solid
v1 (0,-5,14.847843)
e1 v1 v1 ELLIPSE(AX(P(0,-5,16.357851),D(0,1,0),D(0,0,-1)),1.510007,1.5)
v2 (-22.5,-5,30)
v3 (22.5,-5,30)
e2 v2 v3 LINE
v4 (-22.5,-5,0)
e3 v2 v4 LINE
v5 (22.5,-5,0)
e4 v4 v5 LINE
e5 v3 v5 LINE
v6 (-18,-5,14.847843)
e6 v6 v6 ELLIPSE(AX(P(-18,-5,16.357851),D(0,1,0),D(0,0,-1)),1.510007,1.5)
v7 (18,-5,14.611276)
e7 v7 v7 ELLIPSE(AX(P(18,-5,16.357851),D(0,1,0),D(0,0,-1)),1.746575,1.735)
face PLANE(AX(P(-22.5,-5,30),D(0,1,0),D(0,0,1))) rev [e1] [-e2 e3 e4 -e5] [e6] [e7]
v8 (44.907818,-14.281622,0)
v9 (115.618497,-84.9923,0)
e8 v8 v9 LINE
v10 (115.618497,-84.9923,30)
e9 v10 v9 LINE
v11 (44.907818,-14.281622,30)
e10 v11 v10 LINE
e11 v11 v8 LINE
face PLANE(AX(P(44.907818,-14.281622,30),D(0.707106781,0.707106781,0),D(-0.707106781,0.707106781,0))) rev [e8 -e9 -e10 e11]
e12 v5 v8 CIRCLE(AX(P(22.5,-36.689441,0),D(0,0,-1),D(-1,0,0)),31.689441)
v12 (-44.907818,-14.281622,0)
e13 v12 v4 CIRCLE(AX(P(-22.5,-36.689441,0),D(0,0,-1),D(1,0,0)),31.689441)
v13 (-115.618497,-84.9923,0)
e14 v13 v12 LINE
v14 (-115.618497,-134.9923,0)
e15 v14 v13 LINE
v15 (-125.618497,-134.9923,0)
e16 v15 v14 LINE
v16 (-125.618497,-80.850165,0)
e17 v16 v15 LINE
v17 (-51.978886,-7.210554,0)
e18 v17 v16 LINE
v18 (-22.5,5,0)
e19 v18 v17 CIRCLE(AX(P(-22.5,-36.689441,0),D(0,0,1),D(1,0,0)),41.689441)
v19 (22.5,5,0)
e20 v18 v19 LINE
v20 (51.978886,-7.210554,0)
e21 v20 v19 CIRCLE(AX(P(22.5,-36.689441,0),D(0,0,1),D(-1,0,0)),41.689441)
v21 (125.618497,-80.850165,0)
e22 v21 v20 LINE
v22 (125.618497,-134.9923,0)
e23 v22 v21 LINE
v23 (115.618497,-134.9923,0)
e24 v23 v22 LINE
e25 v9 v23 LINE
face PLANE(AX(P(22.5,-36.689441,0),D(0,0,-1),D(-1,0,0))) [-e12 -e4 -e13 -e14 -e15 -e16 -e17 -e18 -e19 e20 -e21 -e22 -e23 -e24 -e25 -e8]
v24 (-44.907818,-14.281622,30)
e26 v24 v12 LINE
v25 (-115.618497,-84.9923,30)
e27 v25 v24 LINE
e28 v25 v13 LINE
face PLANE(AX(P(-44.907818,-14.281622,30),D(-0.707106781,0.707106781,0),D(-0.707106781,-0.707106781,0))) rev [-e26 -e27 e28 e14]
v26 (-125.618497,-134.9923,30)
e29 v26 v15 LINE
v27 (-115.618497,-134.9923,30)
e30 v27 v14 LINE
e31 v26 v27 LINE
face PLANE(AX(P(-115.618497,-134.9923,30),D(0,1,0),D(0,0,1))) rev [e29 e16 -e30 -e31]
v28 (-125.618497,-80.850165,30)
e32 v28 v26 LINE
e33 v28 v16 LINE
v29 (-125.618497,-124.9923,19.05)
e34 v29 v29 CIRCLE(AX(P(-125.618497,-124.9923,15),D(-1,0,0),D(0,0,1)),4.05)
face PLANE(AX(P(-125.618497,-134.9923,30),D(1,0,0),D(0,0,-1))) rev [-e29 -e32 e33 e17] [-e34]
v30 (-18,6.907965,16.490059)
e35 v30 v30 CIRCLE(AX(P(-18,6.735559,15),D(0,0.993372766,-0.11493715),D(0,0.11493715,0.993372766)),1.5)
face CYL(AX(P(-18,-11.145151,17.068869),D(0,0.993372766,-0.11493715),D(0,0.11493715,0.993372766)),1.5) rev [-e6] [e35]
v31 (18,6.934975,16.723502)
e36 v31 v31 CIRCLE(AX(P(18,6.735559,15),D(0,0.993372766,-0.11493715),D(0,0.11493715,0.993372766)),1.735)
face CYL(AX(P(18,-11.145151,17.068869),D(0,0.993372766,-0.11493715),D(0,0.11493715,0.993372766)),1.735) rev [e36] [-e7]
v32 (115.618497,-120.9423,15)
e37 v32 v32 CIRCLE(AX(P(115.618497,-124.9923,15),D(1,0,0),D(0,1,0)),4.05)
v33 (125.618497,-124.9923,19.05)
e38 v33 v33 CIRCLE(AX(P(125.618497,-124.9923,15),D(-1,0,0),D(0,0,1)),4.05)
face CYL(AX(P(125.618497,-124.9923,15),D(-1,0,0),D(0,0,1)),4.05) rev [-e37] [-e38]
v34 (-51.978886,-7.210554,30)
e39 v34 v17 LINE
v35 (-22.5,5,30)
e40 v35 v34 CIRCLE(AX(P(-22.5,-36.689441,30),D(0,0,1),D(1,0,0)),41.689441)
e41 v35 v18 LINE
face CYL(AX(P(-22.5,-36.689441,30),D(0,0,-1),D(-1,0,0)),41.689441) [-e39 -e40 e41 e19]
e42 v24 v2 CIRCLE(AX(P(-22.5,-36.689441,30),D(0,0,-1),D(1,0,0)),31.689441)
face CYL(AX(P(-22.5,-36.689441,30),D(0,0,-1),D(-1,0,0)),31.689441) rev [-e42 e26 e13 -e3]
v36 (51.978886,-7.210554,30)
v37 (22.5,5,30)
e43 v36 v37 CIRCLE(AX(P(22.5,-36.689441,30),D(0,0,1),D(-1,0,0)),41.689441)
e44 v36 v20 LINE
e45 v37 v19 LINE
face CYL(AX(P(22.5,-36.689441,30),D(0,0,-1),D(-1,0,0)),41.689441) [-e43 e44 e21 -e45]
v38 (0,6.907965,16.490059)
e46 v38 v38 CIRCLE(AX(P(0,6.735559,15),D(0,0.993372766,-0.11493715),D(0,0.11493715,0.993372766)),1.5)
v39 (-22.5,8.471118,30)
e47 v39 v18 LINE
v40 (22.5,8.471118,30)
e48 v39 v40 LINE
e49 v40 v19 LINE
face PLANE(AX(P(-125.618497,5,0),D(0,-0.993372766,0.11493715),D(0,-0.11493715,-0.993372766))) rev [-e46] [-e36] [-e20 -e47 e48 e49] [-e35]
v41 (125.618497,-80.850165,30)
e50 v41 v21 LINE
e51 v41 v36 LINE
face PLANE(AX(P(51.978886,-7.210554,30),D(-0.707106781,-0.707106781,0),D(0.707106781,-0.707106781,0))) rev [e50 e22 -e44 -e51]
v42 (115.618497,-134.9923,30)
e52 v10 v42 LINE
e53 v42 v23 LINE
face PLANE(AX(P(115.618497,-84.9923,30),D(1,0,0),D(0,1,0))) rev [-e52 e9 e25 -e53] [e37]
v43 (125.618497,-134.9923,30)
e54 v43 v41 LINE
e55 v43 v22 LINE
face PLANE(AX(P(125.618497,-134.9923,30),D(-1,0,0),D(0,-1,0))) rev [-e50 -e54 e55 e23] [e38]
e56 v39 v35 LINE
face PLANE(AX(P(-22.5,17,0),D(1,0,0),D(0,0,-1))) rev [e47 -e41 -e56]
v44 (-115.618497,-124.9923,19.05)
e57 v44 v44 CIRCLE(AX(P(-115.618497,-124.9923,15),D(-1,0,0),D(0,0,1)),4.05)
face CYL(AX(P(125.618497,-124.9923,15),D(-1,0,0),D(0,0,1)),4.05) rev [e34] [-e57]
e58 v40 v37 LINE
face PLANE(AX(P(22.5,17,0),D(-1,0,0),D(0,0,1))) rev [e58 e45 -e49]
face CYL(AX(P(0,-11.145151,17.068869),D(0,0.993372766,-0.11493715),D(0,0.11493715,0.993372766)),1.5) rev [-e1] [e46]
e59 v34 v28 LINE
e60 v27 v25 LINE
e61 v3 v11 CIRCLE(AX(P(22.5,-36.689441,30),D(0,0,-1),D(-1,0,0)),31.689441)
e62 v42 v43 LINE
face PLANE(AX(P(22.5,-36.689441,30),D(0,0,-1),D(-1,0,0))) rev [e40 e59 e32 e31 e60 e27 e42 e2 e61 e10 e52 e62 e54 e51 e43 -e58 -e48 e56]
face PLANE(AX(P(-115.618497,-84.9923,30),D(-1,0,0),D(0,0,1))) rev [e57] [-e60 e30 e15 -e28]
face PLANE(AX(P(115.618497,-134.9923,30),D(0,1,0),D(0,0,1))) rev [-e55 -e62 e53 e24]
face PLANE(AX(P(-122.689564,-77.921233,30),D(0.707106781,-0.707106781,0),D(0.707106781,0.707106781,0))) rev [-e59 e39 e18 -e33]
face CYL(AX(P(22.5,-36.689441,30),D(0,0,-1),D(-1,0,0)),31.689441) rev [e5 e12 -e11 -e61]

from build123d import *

# Parameters (mm, degrees)
SALIENTE_EXTRUIR1_DEPTH = 30
CROQUIS3_R              = 4.05
CORTAR_EXTRUIR1_DEPTH   = 287.780312831
CROQUIS4_R              = 1.5
CORTAR_EXTRUIR2_DEPTH   = 191.467453482
CROQUIS5_W              = 45
CROQUIS5_H              = 30
SALIENTE_EXTRUIR2_DEPTH = 12
CORTAR_EXTRUIR3_DEPTH   = 203.637632672
SALIENTE_EXTRUIR3_START = -13.471119
CROQUIS8_R              = 1.5
SALIENTE_EXTRUIR3_DEPTH = 13.471119
CROQUIS9_W              = 45
CROQUIS9_H              = 30.20014343
CORTAR_EXTRUIR5_DEPTH   = 10
CROQUIS10_R             = 1.5
CROQUIS10_R_2           = 1.735
CORTAR_EXTRUIR6_DEPTH   = 18


with BuildPart() as part:
    # Croquis1 → Saliente-Extruir1 (new body)
    with BuildSketch(Plane.XY):
        with BuildLine():
            Line((-22.5, -5), (22.5, -5))
            ThreePointArc((22.5, -5), (34.627023925, -7.412215038), (44.90781839, -14.28162228))
            Line((44.90781839, -14.28162228), (115.618496509, -84.992300399))
            Line((115.618496509, -84.992300399), (115.618496509, -134.992300399))
            Line((115.618496509, -134.992300399), (125.618496509, -134.992300399))
            Line((125.618496509, -134.992300399), (125.618496509, -80.850164775))
            Line((125.618496509, -80.850164775), (122.689564321, -77.921232587))
            Line((122.689564321, -77.921232587), (51.978886202, -7.210554468))
            ThreePointArc((51.978886202, -7.210554468), (38.453858249, 1.826580287), (22.5, 5))
            Line((22.5, 5), (-22.5, 5))
            ThreePointArc((-22.5, 5), (-38.453858249, 1.826580287), (-51.978886202, -7.210554468))
            Line((-51.978886202, -7.210554468), (-122.689564321, -77.921232587))
            Line((-122.689564321, -77.921232587), (-125.618496509, -80.850164775))
            Line((-125.618496509, -80.850164775), (-125.618496509, -134.992300399))
            Line((-125.618496509, -134.992300399), (-115.618496509, -134.992300399))
            Line((-115.618496509, -134.992300399), (-115.618496509, -84.992300399))
            Line((-115.618496509, -84.992300399), (-44.90781839, -14.28162228))
            ThreePointArc((-44.90781839, -14.28162228), (-34.627023925, -7.412215038), (-22.5, -5))
        make_face()
    extrude(amount=SALIENTE_EXTRUIR1_DEPTH)

    # Croquis3 → Cortar-Extruir1 (cut, through all)
    with BuildSketch(Plane.ZY.offset(125.618496509)):
        with Locations((15, -124.992300399)):
            Circle(CROQUIS3_R)
    extrude(amount=-CORTAR_EXTRUIR1_DEPTH, mode=Mode.SUBTRACT)

    # Croquis4 → Cortar-Extruir2 (cut, through all)
    with BuildSketch(Plane(origin=(0, 5, 0), x_dir=(1, 0, 0), z_dir=(0, 1, 0))):
        with Locations(Location((0, -15, 0), (0, 0, 270))):
            Circle(CROQUIS4_R)
        with Locations(Location((18, -15, 0), (0, 0, 270))):
            Circle(CROQUIS4_R)
        with Locations(Location((-18, -15, 0), (0, 0, 270))):
            Circle(CROQUIS4_R)
    extrude(amount=-CORTAR_EXTRUIR2_DEPTH, mode=Mode.SUBTRACT)

    # Croquis5 → Saliente-Extruir2 (add)
    with BuildSketch(Plane(origin=(0, 5, 0), x_dir=(1, 0, 0), z_dir=(0, 1, 0))):
        with Locations((0, -15)):
            Rectangle(CROQUIS5_W, CROQUIS5_H)
    extrude(amount=SALIENTE_EXTRUIR2_DEPTH)

    # Croquis6 → Cortar-Extruir3 (cut, through all)
    with BuildSketch(Plane(origin=(22.5, 0, 0), x_dir=(0, 0, -1), z_dir=(1, 0, 0))):
        Polygon((0, 5), (-30, 8.47111843), (-30, 19.923097654), (0, 19.923097654), align=None)
    extrude(amount=-CORTAR_EXTRUIR3_DEPTH, mode=Mode.SUBTRACT)

    # Croquis8 → Saliente-Extruir3 (add)
    with BuildSketch(Plane.XZ.offset(5).offset(SALIENTE_EXTRUIR3_START)):
        with Locations(Location((0, 15, 0), (0, 0, 270))):
            Circle(CROQUIS8_R)
        with Locations(Location((-18, 15, 0), (0, 0, 270))):
            Circle(CROQUIS8_R)
        with Locations(Location((18, 15, 0), (0, 0, 270))):
            Circle(CROQUIS8_R)
    extrude(amount=SALIENTE_EXTRUIR3_DEPTH)

    # Croquis9 → Cortar-Extruir5 (cut)
    with BuildSketch(Plane(origin=(0, 4.933947257, -0.570877175), x_dir=(1, 0, 0), z_dir=(0, 0.9933727656003972, -0.11493715049285988))):
        with Locations((0, -15.674757467)):
            Rectangle(CROQUIS9_W, CROQUIS9_H)
    extrude(amount=CORTAR_EXTRUIR5_DEPTH, mode=Mode.SUBTRACT)

    # Croquis10 → Cortar-Extruir6 (cut)
    with BuildSketch(Plane(origin=(0, 4.933947257, -0.570877175), x_dir=(1, 0, 0), z_dir=(0, 0.9933727656003972, -0.11493715049285988))):
        with Locations(Location((0, -15.674757467, 0), (0, 0, 270))):
            Circle(CROQUIS10_R)
        with Locations(Location((-18, -15.674757467, 0), (0, 0, 270))):
            Circle(CROQUIS10_R)
        with Locations(Location((18, -15.674757467, 0), (0, 0, 270))):
            Circle(CROQUIS10_R_2)
    extrude(amount=-CORTAR_EXTRUIR6_DEPTH, mode=Mode.SUBTRACT)


solid = part.part
